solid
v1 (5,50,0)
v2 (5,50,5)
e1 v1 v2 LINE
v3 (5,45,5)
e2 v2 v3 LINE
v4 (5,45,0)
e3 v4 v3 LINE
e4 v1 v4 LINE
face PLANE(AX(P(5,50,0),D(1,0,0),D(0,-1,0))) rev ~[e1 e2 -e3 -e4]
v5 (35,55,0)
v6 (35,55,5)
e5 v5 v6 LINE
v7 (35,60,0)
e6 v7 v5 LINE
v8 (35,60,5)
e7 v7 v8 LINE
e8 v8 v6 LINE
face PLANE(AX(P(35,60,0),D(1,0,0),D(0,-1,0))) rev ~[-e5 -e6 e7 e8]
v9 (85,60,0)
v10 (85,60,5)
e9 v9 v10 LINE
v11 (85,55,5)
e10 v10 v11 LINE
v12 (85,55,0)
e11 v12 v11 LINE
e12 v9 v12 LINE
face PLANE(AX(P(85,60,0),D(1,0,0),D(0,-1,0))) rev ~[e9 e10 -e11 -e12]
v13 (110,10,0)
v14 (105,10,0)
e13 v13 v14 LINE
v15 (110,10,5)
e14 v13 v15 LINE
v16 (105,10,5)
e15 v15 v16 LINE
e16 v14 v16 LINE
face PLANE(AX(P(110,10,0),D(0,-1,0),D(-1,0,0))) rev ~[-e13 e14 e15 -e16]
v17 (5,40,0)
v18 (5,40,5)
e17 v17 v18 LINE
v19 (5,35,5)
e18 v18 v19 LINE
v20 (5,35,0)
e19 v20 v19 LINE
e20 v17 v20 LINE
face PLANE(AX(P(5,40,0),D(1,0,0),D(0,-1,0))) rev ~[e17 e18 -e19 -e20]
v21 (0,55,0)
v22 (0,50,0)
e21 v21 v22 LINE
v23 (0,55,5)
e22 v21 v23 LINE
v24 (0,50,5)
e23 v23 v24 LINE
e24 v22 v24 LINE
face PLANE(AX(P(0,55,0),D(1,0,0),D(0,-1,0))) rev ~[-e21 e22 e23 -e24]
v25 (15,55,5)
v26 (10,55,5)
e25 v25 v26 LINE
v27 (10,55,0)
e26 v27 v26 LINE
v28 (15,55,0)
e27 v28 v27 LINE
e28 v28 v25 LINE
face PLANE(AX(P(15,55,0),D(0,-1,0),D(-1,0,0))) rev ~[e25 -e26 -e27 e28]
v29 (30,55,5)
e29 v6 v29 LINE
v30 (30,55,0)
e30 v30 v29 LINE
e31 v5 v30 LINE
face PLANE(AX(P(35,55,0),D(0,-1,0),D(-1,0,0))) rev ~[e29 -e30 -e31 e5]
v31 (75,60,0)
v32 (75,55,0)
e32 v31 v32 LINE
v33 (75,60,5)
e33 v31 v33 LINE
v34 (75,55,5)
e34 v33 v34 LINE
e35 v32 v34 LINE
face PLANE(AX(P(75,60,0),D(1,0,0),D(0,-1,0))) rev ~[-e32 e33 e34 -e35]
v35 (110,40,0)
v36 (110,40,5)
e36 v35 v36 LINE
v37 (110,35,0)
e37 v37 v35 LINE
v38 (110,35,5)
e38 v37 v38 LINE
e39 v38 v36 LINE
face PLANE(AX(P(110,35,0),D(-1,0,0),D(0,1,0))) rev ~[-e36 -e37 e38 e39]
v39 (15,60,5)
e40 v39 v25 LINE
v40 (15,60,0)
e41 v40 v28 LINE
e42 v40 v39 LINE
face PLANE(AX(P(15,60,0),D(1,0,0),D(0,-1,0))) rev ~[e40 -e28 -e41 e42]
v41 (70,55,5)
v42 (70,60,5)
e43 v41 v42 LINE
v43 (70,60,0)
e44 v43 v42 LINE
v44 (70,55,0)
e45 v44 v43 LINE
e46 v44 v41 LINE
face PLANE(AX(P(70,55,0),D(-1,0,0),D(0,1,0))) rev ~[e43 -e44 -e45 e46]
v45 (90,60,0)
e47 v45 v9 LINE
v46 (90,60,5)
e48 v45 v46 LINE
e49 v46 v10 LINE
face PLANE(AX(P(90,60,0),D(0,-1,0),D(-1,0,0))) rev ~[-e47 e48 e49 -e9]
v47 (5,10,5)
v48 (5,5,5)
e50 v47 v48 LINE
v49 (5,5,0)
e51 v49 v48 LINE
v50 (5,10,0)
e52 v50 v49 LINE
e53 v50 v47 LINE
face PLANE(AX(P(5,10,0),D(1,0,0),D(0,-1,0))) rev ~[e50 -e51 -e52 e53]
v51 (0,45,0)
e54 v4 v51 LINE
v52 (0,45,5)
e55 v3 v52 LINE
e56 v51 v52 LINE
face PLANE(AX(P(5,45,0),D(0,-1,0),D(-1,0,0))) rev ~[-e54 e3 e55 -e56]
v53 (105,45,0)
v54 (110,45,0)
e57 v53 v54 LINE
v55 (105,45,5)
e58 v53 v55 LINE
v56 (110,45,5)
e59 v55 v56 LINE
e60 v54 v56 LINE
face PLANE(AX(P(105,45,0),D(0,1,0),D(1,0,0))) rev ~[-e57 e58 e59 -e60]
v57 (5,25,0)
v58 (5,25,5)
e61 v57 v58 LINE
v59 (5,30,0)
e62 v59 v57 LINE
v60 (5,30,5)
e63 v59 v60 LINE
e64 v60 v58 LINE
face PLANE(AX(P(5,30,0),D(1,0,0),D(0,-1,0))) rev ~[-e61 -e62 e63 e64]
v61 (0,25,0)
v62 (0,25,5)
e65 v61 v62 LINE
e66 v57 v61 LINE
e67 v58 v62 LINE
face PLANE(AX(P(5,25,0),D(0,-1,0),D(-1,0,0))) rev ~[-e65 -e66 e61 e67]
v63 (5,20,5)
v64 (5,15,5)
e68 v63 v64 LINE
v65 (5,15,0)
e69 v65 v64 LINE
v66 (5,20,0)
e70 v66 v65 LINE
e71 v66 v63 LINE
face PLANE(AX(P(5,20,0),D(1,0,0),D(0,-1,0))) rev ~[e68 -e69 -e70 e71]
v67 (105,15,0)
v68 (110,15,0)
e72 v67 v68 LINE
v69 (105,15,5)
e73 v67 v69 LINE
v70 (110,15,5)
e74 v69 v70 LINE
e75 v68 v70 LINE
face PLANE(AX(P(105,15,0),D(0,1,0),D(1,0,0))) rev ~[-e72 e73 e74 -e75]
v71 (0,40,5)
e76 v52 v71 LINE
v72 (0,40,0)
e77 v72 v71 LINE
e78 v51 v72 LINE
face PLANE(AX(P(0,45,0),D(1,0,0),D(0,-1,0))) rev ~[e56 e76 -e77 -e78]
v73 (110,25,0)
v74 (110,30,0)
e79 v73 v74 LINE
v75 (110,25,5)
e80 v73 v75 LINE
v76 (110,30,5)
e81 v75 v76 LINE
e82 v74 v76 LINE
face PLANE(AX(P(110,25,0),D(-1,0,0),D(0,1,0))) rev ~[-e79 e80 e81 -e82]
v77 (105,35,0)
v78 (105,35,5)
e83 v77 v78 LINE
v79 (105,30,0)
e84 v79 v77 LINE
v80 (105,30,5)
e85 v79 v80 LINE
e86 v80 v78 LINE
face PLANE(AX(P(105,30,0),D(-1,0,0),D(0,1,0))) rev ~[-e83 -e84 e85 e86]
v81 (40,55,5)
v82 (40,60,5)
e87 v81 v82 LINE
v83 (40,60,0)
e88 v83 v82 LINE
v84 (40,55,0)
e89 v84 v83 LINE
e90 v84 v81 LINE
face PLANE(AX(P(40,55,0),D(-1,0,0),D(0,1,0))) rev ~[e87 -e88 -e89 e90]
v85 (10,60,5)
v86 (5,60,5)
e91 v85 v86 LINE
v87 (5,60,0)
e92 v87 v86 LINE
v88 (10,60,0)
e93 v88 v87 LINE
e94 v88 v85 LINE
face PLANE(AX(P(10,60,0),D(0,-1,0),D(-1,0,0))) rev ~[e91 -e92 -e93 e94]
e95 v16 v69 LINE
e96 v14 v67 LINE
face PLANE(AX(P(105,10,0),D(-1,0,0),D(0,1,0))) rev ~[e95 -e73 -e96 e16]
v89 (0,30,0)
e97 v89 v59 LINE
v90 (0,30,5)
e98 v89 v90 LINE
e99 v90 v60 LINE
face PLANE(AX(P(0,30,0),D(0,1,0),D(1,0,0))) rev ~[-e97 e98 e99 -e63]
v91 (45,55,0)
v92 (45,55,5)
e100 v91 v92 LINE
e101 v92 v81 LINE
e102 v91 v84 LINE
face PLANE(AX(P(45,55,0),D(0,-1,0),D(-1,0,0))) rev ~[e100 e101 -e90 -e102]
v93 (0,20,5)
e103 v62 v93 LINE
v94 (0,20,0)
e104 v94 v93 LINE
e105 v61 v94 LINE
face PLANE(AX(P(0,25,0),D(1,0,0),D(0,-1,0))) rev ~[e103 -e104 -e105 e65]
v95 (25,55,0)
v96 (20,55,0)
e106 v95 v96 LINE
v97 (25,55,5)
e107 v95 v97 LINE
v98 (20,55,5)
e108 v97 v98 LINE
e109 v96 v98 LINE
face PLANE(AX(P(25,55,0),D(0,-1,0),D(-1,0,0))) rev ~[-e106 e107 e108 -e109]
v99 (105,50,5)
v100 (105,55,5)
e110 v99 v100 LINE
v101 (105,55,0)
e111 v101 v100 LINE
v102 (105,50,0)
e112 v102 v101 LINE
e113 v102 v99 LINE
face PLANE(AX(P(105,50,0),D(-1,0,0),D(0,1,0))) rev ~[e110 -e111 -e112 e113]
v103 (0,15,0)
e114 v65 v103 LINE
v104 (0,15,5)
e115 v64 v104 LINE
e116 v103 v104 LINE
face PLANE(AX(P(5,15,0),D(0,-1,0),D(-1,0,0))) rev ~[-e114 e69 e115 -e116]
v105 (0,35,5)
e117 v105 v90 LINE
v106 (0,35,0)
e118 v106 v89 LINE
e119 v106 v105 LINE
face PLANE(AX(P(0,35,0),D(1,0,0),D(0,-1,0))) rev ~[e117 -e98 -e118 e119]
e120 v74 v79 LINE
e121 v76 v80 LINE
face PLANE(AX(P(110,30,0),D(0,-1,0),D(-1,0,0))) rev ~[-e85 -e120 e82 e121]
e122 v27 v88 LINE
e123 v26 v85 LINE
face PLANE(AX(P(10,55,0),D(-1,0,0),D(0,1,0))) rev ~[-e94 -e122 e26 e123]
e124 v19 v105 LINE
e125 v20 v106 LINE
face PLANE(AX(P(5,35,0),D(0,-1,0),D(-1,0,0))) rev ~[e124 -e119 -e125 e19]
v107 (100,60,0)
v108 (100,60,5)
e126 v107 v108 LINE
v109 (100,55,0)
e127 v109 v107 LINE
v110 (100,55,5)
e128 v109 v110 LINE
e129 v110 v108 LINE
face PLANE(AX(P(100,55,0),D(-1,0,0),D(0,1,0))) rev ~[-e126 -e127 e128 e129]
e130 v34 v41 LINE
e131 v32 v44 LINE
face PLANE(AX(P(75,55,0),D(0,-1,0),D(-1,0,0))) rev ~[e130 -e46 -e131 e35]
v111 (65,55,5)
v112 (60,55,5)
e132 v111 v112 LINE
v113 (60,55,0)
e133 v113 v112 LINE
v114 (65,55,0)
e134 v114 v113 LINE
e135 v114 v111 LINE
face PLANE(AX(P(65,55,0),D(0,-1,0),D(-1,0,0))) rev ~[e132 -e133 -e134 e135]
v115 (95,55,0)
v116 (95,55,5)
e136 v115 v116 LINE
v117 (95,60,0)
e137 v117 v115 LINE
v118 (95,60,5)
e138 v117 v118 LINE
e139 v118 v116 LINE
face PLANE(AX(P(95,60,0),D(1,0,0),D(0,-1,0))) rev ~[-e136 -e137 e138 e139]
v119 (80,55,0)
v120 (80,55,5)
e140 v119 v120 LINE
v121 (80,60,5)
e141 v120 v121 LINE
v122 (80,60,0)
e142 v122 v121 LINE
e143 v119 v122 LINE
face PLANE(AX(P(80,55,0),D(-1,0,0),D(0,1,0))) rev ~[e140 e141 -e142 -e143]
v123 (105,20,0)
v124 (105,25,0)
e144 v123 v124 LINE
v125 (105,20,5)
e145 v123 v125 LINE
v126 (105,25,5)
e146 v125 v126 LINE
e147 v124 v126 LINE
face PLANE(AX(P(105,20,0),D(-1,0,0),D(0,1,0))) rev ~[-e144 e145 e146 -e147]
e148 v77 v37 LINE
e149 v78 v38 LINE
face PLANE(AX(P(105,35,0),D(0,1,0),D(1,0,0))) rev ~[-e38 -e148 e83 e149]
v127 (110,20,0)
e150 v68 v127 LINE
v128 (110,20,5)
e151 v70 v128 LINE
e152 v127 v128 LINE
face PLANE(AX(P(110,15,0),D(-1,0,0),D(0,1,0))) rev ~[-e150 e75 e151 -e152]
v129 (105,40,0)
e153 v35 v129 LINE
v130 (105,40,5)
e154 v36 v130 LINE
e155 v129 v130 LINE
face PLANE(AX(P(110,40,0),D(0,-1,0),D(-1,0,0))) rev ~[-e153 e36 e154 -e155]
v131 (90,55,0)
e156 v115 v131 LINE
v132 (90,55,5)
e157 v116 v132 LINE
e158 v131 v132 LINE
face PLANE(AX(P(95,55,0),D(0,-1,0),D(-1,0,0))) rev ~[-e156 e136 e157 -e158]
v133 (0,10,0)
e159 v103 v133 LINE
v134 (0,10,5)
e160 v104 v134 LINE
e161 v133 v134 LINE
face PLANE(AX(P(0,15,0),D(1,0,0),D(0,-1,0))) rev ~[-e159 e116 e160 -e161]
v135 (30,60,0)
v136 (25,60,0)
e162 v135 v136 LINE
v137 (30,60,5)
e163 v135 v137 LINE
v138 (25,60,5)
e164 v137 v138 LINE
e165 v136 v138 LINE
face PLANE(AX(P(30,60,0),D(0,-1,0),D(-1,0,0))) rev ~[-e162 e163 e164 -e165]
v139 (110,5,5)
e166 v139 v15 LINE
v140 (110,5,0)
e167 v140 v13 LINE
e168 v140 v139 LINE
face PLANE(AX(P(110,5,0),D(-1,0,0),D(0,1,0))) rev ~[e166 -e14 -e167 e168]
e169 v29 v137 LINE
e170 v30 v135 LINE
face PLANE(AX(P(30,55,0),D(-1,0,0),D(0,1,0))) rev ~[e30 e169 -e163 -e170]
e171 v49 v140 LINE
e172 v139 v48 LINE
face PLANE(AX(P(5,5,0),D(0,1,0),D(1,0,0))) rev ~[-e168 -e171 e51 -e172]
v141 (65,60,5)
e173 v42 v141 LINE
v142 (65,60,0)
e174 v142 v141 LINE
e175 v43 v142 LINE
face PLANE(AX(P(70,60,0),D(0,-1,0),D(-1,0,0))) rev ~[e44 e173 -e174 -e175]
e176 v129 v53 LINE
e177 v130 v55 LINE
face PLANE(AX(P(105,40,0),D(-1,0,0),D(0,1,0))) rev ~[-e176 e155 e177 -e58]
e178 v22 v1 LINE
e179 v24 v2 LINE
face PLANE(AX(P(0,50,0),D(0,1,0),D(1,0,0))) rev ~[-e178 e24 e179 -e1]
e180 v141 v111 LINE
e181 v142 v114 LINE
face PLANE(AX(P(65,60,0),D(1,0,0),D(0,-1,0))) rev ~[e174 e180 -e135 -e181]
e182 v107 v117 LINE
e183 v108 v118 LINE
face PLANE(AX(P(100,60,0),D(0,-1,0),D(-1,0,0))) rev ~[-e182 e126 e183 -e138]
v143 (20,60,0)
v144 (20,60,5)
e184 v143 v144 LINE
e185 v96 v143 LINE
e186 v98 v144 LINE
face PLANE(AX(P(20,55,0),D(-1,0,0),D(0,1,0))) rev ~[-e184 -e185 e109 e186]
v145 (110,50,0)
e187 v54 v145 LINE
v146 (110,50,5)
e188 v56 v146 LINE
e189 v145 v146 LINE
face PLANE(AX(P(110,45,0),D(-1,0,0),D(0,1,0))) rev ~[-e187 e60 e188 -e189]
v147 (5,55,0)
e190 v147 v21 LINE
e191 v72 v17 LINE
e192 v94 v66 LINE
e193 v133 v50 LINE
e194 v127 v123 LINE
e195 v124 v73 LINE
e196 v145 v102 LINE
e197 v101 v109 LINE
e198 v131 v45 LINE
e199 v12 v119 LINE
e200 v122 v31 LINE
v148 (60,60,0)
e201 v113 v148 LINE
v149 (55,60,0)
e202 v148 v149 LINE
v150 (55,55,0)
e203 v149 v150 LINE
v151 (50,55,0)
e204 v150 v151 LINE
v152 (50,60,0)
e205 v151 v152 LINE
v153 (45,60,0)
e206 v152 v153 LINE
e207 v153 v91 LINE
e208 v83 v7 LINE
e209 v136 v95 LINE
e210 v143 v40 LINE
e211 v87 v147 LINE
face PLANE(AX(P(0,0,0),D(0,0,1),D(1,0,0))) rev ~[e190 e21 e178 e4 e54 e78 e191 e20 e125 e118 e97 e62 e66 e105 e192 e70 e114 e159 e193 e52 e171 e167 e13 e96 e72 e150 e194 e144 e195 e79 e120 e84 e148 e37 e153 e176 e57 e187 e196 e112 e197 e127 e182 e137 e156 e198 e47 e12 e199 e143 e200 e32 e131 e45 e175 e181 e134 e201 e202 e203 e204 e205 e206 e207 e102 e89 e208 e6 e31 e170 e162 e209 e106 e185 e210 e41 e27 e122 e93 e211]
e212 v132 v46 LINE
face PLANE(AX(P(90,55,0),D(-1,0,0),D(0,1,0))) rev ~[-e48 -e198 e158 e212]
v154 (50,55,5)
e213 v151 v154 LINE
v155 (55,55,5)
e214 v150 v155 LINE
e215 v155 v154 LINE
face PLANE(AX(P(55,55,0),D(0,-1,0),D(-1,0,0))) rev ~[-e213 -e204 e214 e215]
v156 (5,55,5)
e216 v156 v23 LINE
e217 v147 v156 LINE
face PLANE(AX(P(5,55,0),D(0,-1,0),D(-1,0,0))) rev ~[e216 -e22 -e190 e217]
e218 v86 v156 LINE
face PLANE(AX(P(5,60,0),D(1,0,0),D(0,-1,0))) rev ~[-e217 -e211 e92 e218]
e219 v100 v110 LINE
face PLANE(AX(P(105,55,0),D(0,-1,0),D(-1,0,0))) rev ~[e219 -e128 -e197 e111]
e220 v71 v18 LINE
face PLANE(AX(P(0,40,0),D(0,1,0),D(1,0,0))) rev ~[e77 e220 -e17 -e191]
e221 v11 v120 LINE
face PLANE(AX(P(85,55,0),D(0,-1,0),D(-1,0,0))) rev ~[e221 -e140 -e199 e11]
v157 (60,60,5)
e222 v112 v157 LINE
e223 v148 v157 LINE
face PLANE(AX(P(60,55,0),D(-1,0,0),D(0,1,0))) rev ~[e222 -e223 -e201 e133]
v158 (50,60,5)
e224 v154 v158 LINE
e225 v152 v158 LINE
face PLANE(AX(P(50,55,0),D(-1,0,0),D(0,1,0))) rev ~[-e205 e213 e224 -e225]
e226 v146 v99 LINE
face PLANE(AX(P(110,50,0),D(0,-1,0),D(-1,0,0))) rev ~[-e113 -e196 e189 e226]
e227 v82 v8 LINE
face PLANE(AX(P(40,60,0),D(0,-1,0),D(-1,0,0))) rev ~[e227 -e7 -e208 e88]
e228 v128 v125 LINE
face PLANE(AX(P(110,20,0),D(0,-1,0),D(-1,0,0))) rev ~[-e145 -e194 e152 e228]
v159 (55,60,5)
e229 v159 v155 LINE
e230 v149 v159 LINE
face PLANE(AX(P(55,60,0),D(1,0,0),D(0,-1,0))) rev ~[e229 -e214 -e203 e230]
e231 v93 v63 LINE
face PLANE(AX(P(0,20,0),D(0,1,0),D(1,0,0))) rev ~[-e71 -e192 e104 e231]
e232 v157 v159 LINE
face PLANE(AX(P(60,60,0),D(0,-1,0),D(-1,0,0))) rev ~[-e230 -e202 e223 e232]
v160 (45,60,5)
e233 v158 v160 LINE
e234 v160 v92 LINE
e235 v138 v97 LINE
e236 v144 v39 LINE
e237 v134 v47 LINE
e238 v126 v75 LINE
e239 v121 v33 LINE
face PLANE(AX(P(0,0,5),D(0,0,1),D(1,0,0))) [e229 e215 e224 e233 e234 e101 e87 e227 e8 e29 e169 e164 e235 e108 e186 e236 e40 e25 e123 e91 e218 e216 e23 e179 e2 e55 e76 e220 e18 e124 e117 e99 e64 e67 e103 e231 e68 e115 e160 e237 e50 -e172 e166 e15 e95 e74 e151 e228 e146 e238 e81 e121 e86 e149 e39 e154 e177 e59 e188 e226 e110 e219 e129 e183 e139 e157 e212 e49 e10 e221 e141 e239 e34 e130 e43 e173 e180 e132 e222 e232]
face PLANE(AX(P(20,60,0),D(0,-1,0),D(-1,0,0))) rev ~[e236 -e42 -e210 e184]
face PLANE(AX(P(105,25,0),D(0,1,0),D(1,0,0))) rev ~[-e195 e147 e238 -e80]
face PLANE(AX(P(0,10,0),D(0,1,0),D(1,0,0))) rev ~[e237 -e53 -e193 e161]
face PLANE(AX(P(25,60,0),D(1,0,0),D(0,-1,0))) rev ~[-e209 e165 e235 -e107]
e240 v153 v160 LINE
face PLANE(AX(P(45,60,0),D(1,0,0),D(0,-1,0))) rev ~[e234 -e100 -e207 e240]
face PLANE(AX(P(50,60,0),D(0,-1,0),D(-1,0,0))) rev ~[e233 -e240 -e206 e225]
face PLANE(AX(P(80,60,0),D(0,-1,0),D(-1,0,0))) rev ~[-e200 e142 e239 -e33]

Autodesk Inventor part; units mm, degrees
ref_plane "YZ Plane" through (0, 0, 0) normal (1, 0, 0) x (0, 1, 0)
ref_plane "XZ Plane" through (0, 0, 0) normal (0, 1, 0) x (-1, 0, 0)
ref_plane "XY Plane" through (0, 0, 0) normal (0, 0, 1) x (1, 0, 0)
sketch "Sketch1" plane through (0, 0, 0) normal (0, 0, 1) x (1, 0, 0)
  point P0 (0, 0)
sketch "Sketch2" plane through (0, 0, 0) normal (0, 0, 1) x (1, 0, 0)
  line L0 (0, 0) -> (5, 0)
  line L1 (5, 0) -> (5, 5)
  line L2 (5, 5) -> (0, 5)
  line L3 (0, 5) -> (0, 0)
  line L4 (5, 5) -> (105, 5)
  line L5 (105, 5) -> (105, 55)
  line L6 (105, 55) -> (5, 55)
  line L7 (5, 55) -> (5, 5)
  line L8 (105, 55) -> (110, 55)
  line L9 (110, 55) -> (110, 60)
  line L10 (110, 60) -> (105, 60)
  line L11 (105, 60) -> (105, 55)
  line L12 (100, 60) -> (95, 60)
  line L13 (100, 55) -> (100, 60)
  line L14 (95, 60) -> (95, 55)
  line L15 (90, 60) -> (85, 60)
  line L16 (90, 55) -> (90, 60)
  line L17 (85, 60) -> (85, 55)
  line L18 (80, 60) -> (75, 60)
  line L19 (80, 55) -> (80, 60)
  line L20 (75, 60) -> (75, 55)
  line L21 (70, 60) -> (65, 60)
  line L22 (70, 55) -> (70, 60)
  line L23 (65, 60) -> (65, 55)
  line L24 (60, 60) -> (55, 60)
  line L25 (60, 55) -> (60, 60)
  line L26 (55, 60) -> (55, 55)
  line L27 (50, 60) -> (45, 60)
  line L28 (50, 55) -> (50, 60)
  line L29 (45, 60) -> (45, 55)
  line L30 (40, 60) -> (35, 60)
  line L31 (40, 55) -> (40, 60)
  line L32 (35, 60) -> (35, 55)
  line L33 (30, 60) -> (25, 60)
  line L34 (30, 55) -> (30, 60)
  line L35 (25, 60) -> (25, 55)
  line L36 (20, 60) -> (15, 60)
  line L37 (20, 55) -> (20, 60)
  line L38 (15, 60) -> (15, 55)
  line L39 (10, 60) -> (5, 60)
  line L40 (10, 55) -> (10, 60)
  line L41 (5, 60) -> (5, 55)
  line L42 (105, 50) -> (105, 45)
  line L43 (110, 45) -> (110, 50)
  line L44 (110, 50) -> (105, 50)
  line L45 (105, 45) -> (110, 45)
  line L46 (105, 40) -> (105, 35)
  line L47 (110, 35) -> (110, 40)
  line L48 (110, 40) -> (105, 40)
  line L49 (105, 35) -> (110, 35)
  line L50 (105, 30) -> (105, 25)
  line L51 (110, 25) -> (110, 30)
  line L52 (110, 30) -> (105, 30)
  line L53 (105, 25) -> (110, 25)
  line L54 (105, 20) -> (105, 15)
  line L55 (110, 15) -> (110, 20)
  line L56 (110, 20) -> (105, 20)
  line L57 (105, 15) -> (110, 15)
  line L58 (105, 10) -> (105, 5)
  line L59 (110, 5) -> (110, 10)
  line L60 (110, 10) -> (105, 10)
  line L61 (105, 5) -> (110, 5)
  line L62 (0, 10) -> (5, 10)
  line L63 (5, 10) -> (5, 15)
  line L64 (5, 15) -> (0, 15)
  line L65 (0, 15) -> (0, 10)
  line L66 (0, 20) -> (5, 20)
  line L67 (5, 20) -> (5, 25)
  line L68 (5, 25) -> (0, 25)
  line L69 (0, 25) -> (0, 20)
  line L70 (0, 30) -> (5, 30)
  line L71 (5, 30) -> (5, 35)
  line L72 (5, 35) -> (0, 35)
  line L73 (0, 35) -> (0, 30)
  line L74 (0, 40) -> (5, 40)
  line L75 (5, 40) -> (5, 45)
  line L76 (5, 45) -> (0, 45)
  line L77 (0, 45) -> (0, 40)
  line L78 (0, 50) -> (5, 50)
  line L79 (5, 50) -> (5, 55)
  line L80 (5, 55) -> (0, 55)
  line L81 (0, 55) -> (0, 50)
  line L82 (15, 5) -> (10, 5)
  line L83 (10, 0) -> (15, 0)
  line L84 (15, 0) -> (15, 5)
  line L85 (10, 5) -> (10, 0)
  line L86 (25, 5) -> (20, 5)
  line L87 (20, 0) -> (25, 0)
  line L88 (25, 0) -> (25, 5)
  line L89 (20, 5) -> (20, 0)
  line L90 (35, 5) -> (30, 5)
  line L91 (30, 0) -> (35, 0)
  line L92 (35, 0) -> (35, 5)
  line L93 (30, 5) -> (30, 0)
  line L94 (45, 5) -> (40, 5)
  line L95 (40, 0) -> (45, 0)
  line L96 (45, 0) -> (45, 5)
  line L97 (40, 5) -> (40, 0)
  line L98 (55, 5) -> (50, 5)
  line L99 (50, 0) -> (55, 0)
  line L100 (55, 0) -> (55, 5)
  line L101 (50, 5) -> (50, 0)
  line L102 (65, 5) -> (60, 5)
  line L103 (60, 0) -> (65, 0)
  line L104 (65, 0) -> (65, 5)
  line L105 (60, 5) -> (60, 0)
  line L106 (75, 5) -> (70, 5)
  line L107 (70, 0) -> (75, 0)
  line L108 (75, 0) -> (75, 5)
  line L109 (70, 5) -> (70, 0)
  line L110 (85, 5) -> (80, 5)
  line L111 (80, 0) -> (85, 0)
  line L112 (85, 0) -> (85, 5)
  line L113 (80, 5) -> (80, 0)
  line L114 (95, 5) -> (90, 5)
  line L115 (90, 0) -> (95, 0)
  line L116 (95, 0) -> (95, 5)
  line L117 (90, 5) -> (90, 0)
  line L118 (105, 5) -> (100, 5)
  line L119 (100, 0) -> (105, 0)
  line L120 (105, 0) -> (105, 5)
  line L121 (100, 5) -> (100, 0)
  dimension "d0" = 5
  dimension "d1" = 5
  dimension "d4" = 5
  dimension "d5" = 5
  dimension "d8" = 10
  dimension "d15" = 10
  dimension "d22" = 10
  dimension "d29" = 10
sketch "Sketch3" plane through (0, 0, 0) normal (0, 0, 1) x (1, 0, 0)
  point P0 (0, 0)
extrude "Extrusion1" add sketch "Sketch2" along normal blind 5 contours L7 L6 L5 L4 | L62 L65 L64 L7 | L66 L69 L68 L7 | L70 L73 L72 L7 | L74 L77 L76 L7 | L78 L81 L80 L7 | L41 L39 L40 L6 | L38 L36 L37 L6 | L35 L33 L34 L6 | L32 L30 L31 L6 | L29 L27 L28 L6 | L5 L60 L59 L61 | L26 L24 L25 L6 | L5 L56 L55 L57 | L23 L21 L22 L6 | L5 L52 L51 L53 | L20 L18 L19 L6 | L5 L48 L47 L49 | L17 L15 L16 L6 | L5 L44 L43 L45 | L14 L12 L13 L6
properties part number "frontbackside"
